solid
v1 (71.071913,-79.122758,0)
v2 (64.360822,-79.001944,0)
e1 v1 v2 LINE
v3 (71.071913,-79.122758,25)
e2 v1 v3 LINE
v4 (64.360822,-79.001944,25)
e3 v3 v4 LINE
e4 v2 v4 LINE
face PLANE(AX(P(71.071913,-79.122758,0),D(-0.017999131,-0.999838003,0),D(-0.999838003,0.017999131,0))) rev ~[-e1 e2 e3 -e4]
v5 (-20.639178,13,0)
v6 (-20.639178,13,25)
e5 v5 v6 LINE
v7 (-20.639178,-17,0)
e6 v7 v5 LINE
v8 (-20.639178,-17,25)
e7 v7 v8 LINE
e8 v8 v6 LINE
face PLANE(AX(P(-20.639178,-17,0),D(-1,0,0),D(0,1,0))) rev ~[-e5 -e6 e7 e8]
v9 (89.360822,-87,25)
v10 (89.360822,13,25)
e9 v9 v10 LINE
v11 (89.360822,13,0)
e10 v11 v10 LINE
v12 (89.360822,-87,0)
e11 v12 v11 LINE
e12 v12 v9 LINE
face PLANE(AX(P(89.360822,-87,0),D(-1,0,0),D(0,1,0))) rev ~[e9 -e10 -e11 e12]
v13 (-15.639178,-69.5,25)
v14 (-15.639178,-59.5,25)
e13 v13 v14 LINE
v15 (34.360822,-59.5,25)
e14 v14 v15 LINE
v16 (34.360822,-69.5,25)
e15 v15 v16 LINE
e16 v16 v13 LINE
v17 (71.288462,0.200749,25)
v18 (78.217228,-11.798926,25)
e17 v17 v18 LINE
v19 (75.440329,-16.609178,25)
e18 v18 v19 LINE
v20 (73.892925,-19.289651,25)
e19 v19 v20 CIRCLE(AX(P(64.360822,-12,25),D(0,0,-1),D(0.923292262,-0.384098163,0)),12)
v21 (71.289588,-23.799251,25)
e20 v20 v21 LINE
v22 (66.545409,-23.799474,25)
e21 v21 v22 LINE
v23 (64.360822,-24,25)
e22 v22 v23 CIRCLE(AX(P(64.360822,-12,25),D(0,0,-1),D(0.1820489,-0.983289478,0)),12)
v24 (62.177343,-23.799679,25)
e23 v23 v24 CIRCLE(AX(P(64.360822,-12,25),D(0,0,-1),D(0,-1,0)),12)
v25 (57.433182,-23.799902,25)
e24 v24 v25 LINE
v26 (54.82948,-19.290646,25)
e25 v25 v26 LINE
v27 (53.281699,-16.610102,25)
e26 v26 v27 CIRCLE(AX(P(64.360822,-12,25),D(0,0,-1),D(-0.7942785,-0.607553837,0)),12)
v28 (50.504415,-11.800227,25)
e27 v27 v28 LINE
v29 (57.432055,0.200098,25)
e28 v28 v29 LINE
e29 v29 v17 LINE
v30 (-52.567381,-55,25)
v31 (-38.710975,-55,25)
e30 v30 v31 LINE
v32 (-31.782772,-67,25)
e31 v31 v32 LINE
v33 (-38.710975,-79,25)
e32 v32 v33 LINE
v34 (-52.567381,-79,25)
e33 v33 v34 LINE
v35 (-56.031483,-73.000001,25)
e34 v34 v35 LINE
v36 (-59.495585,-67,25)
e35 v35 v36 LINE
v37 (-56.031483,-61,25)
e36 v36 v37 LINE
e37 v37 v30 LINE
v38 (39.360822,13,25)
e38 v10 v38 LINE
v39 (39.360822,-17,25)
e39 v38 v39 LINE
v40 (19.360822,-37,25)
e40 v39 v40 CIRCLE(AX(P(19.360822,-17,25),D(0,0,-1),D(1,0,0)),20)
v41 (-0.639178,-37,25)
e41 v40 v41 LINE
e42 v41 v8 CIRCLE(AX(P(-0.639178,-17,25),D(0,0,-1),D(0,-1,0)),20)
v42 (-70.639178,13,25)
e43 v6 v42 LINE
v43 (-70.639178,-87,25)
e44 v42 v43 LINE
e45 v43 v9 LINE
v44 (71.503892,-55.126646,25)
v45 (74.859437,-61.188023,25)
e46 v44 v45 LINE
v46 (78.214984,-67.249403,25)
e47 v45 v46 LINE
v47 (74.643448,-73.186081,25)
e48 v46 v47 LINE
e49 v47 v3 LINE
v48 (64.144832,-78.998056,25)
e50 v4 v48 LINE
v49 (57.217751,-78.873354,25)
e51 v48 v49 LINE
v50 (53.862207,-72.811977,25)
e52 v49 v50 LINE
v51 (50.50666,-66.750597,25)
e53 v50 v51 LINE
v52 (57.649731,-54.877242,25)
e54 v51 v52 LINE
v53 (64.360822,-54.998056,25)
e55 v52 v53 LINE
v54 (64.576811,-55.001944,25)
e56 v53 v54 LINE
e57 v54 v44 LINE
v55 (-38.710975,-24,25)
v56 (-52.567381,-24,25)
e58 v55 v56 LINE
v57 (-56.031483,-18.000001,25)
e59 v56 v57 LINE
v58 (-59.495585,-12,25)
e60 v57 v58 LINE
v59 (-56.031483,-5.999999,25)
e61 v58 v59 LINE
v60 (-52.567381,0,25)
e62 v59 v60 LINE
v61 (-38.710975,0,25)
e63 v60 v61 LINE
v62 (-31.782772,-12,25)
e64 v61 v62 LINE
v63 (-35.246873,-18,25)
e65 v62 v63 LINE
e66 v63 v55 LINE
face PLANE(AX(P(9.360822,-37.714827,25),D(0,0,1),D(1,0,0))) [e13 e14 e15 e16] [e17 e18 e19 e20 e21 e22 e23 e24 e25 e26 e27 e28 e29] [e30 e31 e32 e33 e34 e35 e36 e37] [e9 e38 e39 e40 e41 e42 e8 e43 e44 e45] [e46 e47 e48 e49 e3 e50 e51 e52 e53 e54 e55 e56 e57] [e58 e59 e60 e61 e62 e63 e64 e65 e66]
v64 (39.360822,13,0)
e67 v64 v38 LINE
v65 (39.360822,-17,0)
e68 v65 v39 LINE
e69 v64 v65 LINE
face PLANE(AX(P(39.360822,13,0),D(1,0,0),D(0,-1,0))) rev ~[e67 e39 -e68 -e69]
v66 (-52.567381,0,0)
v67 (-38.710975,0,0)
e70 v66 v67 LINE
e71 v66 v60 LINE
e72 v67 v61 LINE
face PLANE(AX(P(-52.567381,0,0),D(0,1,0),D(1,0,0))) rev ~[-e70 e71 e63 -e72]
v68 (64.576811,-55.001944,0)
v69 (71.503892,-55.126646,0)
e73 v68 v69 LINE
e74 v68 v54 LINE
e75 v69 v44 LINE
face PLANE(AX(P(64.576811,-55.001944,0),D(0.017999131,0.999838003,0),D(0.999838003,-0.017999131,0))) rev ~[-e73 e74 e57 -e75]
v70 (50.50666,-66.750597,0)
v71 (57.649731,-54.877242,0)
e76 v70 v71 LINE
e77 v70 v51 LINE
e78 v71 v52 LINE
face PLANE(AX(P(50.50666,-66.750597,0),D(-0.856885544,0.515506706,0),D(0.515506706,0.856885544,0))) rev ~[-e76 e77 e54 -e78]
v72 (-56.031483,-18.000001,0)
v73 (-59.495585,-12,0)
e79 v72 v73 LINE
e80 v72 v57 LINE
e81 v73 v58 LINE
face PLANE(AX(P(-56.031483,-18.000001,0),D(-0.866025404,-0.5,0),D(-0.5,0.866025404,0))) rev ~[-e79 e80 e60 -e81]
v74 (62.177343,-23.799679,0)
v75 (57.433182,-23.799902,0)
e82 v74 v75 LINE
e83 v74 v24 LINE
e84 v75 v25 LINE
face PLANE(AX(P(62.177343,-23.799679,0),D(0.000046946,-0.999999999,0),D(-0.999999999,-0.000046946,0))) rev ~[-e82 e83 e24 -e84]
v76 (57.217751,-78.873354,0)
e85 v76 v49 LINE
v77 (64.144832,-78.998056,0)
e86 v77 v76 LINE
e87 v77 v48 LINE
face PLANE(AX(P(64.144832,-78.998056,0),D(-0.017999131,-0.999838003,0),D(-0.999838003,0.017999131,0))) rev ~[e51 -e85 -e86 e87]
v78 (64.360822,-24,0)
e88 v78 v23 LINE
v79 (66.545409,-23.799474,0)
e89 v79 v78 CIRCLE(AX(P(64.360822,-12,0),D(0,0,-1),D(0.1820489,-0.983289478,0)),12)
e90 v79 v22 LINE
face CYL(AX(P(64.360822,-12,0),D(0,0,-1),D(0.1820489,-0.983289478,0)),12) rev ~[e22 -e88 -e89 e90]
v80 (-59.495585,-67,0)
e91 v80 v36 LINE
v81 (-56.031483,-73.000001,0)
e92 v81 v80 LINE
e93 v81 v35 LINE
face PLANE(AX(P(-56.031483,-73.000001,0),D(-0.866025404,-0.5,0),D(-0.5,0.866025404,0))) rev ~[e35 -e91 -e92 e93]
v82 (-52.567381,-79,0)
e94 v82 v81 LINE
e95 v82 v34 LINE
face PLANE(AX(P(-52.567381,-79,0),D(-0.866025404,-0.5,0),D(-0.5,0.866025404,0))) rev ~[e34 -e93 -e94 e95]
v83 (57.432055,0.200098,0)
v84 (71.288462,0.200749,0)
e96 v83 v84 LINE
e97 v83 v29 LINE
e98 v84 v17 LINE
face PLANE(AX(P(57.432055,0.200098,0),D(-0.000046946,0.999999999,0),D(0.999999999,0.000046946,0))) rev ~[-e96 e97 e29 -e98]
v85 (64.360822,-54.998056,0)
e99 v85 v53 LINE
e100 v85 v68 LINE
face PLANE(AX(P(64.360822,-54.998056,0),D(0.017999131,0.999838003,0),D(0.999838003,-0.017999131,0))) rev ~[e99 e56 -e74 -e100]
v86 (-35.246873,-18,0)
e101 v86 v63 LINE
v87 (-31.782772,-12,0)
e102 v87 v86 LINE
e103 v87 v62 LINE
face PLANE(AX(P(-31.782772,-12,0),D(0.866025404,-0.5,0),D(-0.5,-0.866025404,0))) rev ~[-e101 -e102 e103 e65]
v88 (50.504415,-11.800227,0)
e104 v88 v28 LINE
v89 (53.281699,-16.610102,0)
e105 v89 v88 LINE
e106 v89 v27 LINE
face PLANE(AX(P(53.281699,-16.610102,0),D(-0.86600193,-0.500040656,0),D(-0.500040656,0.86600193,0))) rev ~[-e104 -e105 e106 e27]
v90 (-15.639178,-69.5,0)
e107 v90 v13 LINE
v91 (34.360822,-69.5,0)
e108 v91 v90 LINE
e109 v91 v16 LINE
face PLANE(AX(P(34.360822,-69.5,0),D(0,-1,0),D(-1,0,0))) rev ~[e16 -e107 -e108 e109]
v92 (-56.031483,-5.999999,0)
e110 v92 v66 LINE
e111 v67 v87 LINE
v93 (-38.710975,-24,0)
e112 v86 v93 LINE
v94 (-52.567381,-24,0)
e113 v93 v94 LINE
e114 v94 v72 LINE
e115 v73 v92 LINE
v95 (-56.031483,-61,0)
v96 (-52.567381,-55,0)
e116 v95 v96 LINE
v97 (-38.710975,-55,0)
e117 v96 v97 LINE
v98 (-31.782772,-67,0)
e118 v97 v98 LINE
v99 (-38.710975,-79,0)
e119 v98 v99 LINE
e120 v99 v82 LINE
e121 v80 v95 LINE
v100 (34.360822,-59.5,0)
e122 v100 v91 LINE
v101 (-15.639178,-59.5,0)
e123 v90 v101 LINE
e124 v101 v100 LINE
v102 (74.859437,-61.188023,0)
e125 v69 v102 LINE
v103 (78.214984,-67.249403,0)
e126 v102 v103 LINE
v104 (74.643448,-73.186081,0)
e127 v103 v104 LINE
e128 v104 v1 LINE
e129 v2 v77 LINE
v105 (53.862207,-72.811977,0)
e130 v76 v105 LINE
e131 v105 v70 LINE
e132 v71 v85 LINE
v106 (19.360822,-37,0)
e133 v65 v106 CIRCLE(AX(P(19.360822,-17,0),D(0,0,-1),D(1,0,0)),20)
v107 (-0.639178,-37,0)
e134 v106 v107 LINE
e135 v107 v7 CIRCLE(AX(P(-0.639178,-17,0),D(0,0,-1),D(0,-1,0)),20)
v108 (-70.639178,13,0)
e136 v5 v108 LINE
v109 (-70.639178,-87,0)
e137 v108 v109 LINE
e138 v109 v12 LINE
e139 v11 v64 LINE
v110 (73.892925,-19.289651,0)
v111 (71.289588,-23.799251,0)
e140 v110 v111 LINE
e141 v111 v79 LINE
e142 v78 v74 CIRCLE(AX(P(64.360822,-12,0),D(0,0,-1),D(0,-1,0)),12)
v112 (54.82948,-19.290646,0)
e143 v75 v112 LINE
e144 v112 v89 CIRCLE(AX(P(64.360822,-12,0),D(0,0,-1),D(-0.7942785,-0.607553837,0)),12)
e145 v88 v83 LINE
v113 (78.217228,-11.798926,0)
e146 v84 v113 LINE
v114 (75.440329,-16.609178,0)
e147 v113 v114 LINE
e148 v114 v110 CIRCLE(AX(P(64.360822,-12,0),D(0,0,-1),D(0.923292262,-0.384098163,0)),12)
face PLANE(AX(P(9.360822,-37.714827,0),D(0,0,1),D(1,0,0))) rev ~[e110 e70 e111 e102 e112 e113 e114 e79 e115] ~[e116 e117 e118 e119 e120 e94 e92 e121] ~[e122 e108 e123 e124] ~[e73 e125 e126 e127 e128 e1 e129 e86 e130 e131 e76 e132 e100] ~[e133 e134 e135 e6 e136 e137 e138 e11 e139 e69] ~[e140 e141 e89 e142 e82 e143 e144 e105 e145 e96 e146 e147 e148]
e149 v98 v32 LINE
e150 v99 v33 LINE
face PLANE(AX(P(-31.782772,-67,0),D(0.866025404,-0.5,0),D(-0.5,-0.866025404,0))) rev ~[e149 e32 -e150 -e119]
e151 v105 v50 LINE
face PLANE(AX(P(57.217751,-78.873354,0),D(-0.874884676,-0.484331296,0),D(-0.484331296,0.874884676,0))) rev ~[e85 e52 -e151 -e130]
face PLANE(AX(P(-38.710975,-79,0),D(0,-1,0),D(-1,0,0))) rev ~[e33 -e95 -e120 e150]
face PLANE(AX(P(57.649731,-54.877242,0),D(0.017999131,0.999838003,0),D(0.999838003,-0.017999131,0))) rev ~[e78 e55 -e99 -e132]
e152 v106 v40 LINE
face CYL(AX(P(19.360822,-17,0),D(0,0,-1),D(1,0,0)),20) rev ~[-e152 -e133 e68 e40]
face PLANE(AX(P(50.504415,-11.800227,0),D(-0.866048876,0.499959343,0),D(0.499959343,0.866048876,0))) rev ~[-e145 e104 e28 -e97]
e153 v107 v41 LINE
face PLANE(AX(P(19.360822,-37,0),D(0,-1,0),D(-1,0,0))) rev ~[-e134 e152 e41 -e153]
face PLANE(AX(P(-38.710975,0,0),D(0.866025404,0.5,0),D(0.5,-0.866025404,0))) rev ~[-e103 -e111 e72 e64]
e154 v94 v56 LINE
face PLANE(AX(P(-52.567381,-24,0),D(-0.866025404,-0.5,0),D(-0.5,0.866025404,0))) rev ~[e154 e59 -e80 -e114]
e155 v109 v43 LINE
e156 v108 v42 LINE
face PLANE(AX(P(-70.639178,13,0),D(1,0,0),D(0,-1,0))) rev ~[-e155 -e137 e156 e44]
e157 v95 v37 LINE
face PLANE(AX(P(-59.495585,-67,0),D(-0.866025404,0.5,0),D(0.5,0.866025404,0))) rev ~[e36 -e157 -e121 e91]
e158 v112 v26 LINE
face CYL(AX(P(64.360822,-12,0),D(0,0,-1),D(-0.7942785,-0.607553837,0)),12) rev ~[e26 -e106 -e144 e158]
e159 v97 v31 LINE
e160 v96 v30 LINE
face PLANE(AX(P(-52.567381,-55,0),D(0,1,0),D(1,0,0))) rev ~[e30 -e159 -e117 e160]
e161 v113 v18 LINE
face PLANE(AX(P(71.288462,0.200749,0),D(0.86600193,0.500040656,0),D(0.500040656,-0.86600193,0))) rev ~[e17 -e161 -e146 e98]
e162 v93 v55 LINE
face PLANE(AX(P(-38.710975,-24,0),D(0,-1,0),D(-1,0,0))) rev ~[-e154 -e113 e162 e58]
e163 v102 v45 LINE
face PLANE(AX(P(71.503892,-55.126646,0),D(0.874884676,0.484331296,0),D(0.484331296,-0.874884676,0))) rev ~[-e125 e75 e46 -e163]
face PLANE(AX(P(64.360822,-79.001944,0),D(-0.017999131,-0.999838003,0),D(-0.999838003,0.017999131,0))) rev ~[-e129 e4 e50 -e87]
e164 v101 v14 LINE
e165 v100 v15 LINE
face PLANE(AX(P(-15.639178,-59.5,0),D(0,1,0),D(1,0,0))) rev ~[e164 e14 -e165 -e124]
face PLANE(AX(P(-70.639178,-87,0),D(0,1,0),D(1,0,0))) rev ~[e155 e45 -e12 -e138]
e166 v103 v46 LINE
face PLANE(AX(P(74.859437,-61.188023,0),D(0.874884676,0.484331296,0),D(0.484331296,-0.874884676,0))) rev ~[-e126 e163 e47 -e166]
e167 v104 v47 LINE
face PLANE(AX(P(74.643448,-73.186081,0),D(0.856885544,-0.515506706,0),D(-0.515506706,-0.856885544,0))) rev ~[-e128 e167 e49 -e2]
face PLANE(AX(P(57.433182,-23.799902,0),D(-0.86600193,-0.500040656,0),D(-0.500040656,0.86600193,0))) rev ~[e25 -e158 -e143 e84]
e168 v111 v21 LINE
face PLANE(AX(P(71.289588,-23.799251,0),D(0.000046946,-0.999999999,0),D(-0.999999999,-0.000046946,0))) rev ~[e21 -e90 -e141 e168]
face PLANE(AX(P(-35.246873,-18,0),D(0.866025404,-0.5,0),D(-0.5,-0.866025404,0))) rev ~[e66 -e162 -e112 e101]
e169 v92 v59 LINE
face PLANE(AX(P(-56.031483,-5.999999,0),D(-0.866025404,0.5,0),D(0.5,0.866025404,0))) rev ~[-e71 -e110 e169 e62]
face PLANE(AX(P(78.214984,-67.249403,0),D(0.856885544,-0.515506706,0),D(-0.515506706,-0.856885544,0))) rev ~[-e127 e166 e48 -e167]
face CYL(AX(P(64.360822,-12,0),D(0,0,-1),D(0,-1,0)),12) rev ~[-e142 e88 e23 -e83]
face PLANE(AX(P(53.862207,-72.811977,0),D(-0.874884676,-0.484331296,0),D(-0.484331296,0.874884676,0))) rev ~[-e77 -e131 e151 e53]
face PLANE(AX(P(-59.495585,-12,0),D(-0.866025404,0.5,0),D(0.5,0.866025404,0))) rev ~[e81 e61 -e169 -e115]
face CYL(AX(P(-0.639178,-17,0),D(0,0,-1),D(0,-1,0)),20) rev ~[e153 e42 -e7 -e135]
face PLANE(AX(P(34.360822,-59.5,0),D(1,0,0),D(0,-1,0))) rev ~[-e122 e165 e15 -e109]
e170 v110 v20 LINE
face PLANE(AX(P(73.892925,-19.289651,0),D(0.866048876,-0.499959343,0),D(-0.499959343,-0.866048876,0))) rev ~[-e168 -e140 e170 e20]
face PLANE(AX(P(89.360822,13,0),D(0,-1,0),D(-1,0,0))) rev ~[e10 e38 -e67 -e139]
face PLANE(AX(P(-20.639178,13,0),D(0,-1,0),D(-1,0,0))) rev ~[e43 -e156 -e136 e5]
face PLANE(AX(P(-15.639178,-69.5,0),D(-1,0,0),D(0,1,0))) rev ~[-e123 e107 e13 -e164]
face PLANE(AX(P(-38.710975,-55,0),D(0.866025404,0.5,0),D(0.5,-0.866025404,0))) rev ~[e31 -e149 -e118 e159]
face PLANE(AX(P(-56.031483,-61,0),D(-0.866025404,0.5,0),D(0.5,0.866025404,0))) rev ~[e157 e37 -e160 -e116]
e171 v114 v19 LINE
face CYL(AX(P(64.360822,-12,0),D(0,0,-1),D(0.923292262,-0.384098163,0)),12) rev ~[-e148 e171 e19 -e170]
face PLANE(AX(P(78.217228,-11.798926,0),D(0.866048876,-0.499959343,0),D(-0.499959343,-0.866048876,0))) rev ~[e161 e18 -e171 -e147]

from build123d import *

# Parameters (mm, degrees)
F1_DEPTH = 25


with BuildPart() as f1:
    # F0 (on Top) → F1 (new body)
    with BuildSketch(Plane.XY):
        with BuildLine():
            Line((-70.6391781569, 13), (-70.6391781569, -87))
            Line((-70.6391781569, -87), (-45.6391781569, -87))
            Line((-45.6391781569, -87), (-15.6391781569, -87))
            Line((-15.6391781569, -87), (34.3608218431, -87))
            Line((34.3608218431, -87), (64.3608218431, -87))
            Line((64.3608218431, -87), (89.3608218431, -87))
            Line((89.3608218431, -87), (89.3608218431, 13))
            Line((89.3608218431, 13), (39.3608218431, 13))
            Line((39.3608218431, 13), (39.3608218431, -17))
            ThreePointArc((39.3608218431, -17), (33.5029574669, -31.1421356237), (19.3608218431, -37))
            Line((19.3608218431, -37), (-0.6391781569, -37))
            ThreePointArc((-0.6391781569, -37), (-14.7813137806, -31.1421356237), (-20.6391781569, -17))
            Line((-20.6391781569, -17), (-20.6391781569, 13))
            Line((-20.6391781569, 13), (-70.6391781569, 13))
        make_face()
        Polygon((-38.7109749266, -79), (-45.6391781569, -79), (-52.5673813871, -79), (-56.0314825516, -73.0000007805), (-59.4955846174, -67), (-56.0314827527, -60.9999995677), (-52.5673813871, -55), (-45.6391781569, -55), (-38.7109749266, -55), (-35.2468731114, -61.0000003465), (-31.7827716963, -67), (-35.2468732357, -72.9999998688), align=None, mode=Mode.SUBTRACT)
        Polygon((34.3608218431, -64.5), (34.3608218431, -69.5), (-15.6391781569, -69.5), (-15.6391781569, -59.5), (34.3608218431, -59.5), align=None, mode=Mode.SUBTRACT)
        Polygon((71.0719131449, -79.1227576706), (64.3608218431, -79.0019442848), (64.144831806, -78.9980560219), (57.2177513874, -78.8733543897), (53.8622066759, -72.8119772514), (50.5066600856, -66.7505967192), (54.0781952321, -60.8139196596), (57.6497305414, -54.8772423294), (64.3608218431, -54.9980557152), (64.5768112174, -55.0019439662), (71.5038922989, -55.1266456103), (74.8594372045, -61.1880230993), (78.2149836007, -67.2494032808), (74.643448041, -73.1860810272), align=None, mode=Mode.SUBTRACT)
        Polygon((-38.7109749266, -24), (-45.6391781569, -24), (-52.5673813871, -24), (-56.0314826284, -18.0000006475), (-59.4955846174, -12), (-56.0314826466, -5.9999993839), (-52.5673813871, 0), (-45.6391781569, 0), (-38.7109749266, 0), (-35.2468732357, -6.0000001312), (-31.7827716963, -12), (-35.2468733599, -18.000000084), align=None, mode=Mode.SUBTRACT)
        with BuildLine():
            ThreePointArc((66.5454086438, -23.7994737387), (65.4577072372, -23.9497632793), (64.3608218431, -24))
            ThreePointArc((64.3608218431, -24), (63.2644974406, -23.9498147603), (62.1773429219, -23.7996788007))
            Line((62.1773429219, -23.7996788007), (57.4331819693, -23.7999015188))
            Line((57.4331819693, -23.7999015188), (54.8294798437, -19.2906460406))
            ThreePointArc((54.8294798437, -19.2906460406), (53.9687986836, -18.0004878677), (53.2816989626, -16.6101015387))
            Line((53.2816989626, -16.6101015387), (50.5044153979, -11.8002267816))
            Line((50.5044153979, -11.8002267816), (57.4320552718, 0.2000984547))
            Line((57.4320552718, 0.2000984547), (71.288461717, 0.2007489538))
            Line((71.288461717, 0.2007489538), (78.2172282884, -11.7989257834))
            Line((78.2172282884, -11.7989257834), (75.4403289877, -16.6091779564))
            ThreePointArc((75.4403289877, -16.6091779564), (74.7534083515, -17.9995121191), (73.8929250942, -19.2896507194))
            Line((73.8929250942, -19.2896507194), (71.2895884145, -23.7992510197))
            Line((71.2895884145, -23.7992510197), (66.5454086438, -23.7994737387))
        make_face(mode=Mode.SUBTRACT)
    extrude(amount=F1_DEPTH)


solid = f1.part
